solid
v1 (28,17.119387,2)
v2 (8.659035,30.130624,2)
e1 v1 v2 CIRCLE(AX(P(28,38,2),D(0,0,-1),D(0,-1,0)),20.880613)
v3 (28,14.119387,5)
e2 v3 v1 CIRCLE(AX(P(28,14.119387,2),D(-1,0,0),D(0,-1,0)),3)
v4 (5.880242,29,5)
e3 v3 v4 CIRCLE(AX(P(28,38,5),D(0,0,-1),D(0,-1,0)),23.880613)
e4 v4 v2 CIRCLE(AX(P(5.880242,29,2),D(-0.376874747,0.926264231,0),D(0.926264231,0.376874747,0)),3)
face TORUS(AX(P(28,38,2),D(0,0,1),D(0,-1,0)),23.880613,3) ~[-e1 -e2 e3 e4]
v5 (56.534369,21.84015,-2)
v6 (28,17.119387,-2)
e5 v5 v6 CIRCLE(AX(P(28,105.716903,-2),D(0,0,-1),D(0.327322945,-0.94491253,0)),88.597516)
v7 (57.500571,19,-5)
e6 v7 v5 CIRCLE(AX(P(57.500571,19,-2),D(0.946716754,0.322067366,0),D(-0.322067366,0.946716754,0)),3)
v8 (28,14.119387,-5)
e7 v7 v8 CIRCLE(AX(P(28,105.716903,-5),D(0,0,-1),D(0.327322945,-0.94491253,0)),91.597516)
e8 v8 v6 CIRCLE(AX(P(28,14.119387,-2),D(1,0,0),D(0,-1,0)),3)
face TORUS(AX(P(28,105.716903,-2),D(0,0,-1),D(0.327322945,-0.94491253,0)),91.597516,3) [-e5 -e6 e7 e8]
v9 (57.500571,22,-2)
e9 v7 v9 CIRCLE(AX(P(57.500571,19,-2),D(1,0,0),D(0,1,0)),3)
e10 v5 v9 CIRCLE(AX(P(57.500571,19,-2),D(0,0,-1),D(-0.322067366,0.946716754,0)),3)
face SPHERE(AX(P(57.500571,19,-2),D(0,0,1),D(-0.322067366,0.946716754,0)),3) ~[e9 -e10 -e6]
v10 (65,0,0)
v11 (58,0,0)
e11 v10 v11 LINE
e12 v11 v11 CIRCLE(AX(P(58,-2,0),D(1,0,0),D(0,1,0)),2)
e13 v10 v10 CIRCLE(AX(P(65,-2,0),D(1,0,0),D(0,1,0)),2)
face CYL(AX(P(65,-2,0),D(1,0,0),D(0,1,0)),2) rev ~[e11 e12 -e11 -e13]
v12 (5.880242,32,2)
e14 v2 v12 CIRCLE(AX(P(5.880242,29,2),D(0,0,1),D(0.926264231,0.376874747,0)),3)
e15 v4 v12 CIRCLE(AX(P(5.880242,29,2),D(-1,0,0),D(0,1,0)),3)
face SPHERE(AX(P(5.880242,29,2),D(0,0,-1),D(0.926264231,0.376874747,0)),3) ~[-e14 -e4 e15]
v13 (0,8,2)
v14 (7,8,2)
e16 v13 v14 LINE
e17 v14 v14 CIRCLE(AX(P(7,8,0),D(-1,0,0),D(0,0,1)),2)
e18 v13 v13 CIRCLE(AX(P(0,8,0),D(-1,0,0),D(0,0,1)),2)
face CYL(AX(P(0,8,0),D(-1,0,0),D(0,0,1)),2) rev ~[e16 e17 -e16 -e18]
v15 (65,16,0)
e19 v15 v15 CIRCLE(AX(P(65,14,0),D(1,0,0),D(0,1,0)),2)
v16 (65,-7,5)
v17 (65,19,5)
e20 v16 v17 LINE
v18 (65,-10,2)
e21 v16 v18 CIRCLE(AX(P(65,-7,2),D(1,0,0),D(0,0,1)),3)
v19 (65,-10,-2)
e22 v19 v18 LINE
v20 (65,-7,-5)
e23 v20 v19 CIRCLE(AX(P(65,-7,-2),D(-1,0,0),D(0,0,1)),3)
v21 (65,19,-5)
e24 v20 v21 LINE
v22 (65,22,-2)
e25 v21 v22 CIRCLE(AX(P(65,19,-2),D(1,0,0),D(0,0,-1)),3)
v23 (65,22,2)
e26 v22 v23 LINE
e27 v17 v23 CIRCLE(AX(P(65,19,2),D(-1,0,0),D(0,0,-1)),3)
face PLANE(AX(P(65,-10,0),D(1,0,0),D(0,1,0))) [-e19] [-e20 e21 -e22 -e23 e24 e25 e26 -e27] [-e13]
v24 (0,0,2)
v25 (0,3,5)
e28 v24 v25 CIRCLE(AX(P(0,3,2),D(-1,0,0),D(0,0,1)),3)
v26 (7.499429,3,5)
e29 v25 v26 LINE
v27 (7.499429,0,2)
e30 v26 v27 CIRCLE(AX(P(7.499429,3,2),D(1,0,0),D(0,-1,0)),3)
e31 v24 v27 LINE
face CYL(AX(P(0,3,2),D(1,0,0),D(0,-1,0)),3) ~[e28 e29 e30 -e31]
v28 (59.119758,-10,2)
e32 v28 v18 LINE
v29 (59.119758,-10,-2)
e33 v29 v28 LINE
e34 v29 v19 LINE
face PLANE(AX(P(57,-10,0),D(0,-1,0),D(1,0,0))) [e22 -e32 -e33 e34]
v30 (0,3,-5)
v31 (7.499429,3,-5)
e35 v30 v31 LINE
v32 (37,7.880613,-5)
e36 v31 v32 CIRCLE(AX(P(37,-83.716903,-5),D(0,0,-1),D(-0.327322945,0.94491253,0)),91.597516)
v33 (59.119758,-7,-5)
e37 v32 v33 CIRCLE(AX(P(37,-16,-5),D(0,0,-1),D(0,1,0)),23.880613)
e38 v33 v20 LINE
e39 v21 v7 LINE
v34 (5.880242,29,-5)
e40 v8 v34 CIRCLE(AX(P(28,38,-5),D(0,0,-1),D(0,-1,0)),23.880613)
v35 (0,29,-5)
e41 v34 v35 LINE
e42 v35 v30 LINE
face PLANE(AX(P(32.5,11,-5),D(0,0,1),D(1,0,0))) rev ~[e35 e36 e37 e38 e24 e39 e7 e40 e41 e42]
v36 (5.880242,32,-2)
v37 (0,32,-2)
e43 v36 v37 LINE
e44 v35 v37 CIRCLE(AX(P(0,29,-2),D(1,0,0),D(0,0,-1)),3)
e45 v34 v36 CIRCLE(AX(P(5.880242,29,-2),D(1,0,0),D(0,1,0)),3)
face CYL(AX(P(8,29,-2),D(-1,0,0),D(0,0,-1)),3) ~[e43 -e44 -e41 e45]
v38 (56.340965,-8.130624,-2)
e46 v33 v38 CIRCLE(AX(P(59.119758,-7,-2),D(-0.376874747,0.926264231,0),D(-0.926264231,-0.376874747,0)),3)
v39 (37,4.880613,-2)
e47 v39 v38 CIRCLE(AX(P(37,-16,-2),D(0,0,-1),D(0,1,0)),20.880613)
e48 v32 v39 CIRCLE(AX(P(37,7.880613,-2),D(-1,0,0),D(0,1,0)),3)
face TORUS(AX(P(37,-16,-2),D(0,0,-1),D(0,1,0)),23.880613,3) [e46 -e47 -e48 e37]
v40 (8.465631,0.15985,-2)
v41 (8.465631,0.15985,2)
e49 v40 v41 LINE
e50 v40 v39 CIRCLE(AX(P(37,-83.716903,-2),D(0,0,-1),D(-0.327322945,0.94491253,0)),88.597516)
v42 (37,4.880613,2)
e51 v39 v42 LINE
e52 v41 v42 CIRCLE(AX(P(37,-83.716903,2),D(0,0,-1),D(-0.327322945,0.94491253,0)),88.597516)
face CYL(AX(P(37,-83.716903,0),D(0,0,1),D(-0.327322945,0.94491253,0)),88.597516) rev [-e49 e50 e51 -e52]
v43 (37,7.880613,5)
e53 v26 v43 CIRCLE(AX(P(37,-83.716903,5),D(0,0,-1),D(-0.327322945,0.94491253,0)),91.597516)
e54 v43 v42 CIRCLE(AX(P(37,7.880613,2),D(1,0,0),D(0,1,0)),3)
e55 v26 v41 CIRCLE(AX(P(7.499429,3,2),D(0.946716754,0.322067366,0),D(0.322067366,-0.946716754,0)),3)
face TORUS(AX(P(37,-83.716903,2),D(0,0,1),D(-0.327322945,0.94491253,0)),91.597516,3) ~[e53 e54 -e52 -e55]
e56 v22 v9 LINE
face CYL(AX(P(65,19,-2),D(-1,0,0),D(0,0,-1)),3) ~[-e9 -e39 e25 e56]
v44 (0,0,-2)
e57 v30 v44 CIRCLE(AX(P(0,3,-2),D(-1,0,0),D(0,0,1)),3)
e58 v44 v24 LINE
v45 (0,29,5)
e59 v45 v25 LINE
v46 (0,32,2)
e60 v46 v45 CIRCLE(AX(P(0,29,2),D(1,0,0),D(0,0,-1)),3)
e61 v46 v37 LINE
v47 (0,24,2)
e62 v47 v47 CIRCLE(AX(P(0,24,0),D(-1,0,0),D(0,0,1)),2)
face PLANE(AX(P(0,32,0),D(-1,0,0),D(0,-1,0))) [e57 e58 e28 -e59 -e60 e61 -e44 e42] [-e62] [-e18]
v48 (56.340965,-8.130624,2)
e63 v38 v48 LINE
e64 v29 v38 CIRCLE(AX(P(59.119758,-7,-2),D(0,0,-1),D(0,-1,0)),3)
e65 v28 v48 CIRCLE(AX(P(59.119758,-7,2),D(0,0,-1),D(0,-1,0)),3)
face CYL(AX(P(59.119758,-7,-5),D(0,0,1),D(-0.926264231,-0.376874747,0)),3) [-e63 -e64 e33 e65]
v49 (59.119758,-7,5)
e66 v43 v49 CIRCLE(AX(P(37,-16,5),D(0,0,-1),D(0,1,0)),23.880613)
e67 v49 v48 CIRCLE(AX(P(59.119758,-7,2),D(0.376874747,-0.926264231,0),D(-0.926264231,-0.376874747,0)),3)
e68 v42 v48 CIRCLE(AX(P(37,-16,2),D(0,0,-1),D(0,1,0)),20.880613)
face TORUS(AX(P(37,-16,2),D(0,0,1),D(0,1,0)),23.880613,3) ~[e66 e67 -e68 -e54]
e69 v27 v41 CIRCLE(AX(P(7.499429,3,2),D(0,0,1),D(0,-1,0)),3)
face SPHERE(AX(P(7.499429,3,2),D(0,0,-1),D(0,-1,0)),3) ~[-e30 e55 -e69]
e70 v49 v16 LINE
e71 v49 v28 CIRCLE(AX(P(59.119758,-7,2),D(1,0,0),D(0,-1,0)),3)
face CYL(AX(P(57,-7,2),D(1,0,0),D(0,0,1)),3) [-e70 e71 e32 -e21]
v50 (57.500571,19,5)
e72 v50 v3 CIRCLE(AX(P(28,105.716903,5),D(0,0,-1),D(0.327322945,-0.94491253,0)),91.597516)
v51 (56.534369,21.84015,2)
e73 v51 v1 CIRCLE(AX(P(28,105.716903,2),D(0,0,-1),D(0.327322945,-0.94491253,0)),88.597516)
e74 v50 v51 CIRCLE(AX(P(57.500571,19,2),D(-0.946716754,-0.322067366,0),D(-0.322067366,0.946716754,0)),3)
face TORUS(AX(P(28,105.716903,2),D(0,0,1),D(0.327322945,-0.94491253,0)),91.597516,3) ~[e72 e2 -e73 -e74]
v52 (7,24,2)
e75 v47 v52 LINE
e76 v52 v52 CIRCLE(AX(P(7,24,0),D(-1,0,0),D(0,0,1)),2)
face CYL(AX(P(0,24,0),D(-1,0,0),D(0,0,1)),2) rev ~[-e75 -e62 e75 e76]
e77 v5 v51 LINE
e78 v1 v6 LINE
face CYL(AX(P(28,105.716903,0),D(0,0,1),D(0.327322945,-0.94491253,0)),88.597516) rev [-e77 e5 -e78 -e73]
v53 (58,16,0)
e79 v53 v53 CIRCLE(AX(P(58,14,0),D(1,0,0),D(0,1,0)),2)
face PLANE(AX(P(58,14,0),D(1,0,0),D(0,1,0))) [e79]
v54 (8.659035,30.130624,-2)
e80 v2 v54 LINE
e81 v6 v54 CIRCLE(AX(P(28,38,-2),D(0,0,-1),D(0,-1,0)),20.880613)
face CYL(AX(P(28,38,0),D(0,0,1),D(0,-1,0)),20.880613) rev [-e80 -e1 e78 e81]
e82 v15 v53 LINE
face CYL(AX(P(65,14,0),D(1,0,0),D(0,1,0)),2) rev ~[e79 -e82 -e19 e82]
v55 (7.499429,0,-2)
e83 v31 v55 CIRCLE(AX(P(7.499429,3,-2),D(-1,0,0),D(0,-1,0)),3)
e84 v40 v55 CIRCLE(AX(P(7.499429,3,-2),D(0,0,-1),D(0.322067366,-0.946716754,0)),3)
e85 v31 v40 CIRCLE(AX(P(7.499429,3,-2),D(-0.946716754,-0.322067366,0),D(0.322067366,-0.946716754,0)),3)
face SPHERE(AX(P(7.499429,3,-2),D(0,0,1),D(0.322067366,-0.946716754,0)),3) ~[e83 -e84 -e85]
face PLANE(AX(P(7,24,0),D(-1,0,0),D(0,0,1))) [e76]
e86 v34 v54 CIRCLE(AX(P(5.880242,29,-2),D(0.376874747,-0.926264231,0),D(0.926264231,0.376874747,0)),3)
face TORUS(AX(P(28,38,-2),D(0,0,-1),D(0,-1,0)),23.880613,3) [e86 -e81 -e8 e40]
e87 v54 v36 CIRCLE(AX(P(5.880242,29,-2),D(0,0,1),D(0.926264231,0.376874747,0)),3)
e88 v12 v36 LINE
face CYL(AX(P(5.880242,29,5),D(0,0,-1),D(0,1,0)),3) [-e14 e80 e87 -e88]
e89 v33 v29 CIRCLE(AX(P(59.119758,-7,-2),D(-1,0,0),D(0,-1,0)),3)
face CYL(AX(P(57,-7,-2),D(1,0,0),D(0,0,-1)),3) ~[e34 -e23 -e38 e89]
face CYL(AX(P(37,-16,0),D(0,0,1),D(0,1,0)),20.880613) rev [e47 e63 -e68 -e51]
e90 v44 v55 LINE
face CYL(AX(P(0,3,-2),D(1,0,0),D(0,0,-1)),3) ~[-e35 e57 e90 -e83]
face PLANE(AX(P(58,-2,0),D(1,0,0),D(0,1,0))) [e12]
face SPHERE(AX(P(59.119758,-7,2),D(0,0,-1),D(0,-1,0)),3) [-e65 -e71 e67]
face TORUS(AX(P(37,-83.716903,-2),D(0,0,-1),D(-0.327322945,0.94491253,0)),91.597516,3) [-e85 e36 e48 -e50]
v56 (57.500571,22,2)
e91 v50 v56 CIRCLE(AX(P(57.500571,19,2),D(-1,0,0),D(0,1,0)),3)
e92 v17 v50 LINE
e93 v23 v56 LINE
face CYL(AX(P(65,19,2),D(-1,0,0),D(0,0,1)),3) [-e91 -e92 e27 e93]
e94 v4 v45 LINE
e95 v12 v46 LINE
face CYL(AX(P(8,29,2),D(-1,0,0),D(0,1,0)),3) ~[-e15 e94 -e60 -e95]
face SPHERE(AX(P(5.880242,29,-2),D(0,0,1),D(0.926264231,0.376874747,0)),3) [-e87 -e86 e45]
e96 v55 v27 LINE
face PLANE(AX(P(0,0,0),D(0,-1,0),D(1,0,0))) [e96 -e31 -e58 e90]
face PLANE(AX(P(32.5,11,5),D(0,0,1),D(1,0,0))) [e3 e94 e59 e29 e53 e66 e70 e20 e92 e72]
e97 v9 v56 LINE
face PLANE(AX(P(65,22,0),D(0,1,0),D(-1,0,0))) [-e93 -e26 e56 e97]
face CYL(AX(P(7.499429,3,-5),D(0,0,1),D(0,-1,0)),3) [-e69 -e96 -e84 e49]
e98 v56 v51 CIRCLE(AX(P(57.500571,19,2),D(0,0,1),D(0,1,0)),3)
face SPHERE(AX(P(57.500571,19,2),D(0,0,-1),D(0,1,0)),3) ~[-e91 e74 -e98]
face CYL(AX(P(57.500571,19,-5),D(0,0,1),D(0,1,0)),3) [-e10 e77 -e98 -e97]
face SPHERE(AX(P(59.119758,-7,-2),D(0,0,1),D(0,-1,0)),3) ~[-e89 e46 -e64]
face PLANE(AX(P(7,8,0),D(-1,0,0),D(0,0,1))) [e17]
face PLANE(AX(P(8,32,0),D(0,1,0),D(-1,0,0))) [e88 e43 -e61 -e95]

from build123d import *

# Parameters (mm, degrees)
BOSS_EXTRUDE1_DEPTH = 5
SKETCH2_R           = 2
CUT_EXTRUDE1_DEPTH  = 7
SKETCH3_R           = 2
CUT_EXTRUDE2_DEPTH  = 7
FILLET1_R           = 3


with BuildPart() as part:
    # Sketch1 → Boss-Extrude1 (new, symmetric)
    with BuildSketch(Plane.XY):
        with BuildLine():
            Line((0, 32), (0, 0))
            Line((0, 0), (8, 0))
            ThreePointArc((8, 0), (22.296085696, 3.651940128), (37, 4.880613018))
            ThreePointArc((37, 4.880613018), (49.464275388, 0.752368163), (57, -10))
            Line((57, -10), (65, -10))
            Line((65, -10), (65, 22))
            Line((65, 22), (57, 22))
            ThreePointArc((57, 22), (42.703914304, 18.348059872), (28, 17.119386982))
            ThreePointArc((28, 17.119386982), (15.535724612, 21.247631837), (8, 32))
            Line((8, 32), (0, 32))
        make_face()
    extrude(amount=BOSS_EXTRUDE1_DEPTH, both=True)

    # Sketch2 → Cut-Extrude1 (cut)
    with BuildSketch(Plane(origin=(65, 0, 0), x_dir=(0, 0, -1), z_dir=(1, 0, 0))):
        with Locations(Location((0, -2, 0), (0, 0, 90))):
            Circle(SKETCH2_R)
        with Locations(Location((0, 14, 0), (0, 0, 90))):
            Circle(SKETCH2_R)
    extrude(amount=-CUT_EXTRUDE1_DEPTH, mode=Mode.SUBTRACT)

    # Sketch3 → Cut-Extrude2 (cut)
    with BuildSketch(Plane.ZY):
        with Locations((0, 8)):
            Circle(SKETCH3_R)
        with Locations((0, 24)):
            Circle(SKETCH3_R)
    extrude(amount=-CUT_EXTRUDE2_DEPTH, mode=Mode.SUBTRACT)

    # Fillet1
    fillet1_edges = [part.edges().sort_by_distance(p)[0] for p in [
        (15.535724612, 21.247631837, -5),
        (42.703914304, 18.348059872, -5),
        (61, 22, -5),
        (61, -10, -5),
        (49.464275388, 0.752368163, -5),
        (22.296085696, 3.651940128, -5),
        (4, 0, 5),
        (4, 0, -5),
        (4, 32, -5),
        (22.296085696, 3.651940128, 5),
        (8, 32, 0),
        (57, 22, 0),
        (57, -10, 0),
        (8, 0, 0),
        (49.464275388, 0.752368163, 5),
        (61, -10, 5),
        (61, 22, 5),
        (42.703914304, 18.348059872, 5),
        (15.535724612, 21.247631837, 5),
        (4, 32, 5),
    ]]
    fillet(fillet1_edges, radius=FILLET1_R)


solid = part.part
